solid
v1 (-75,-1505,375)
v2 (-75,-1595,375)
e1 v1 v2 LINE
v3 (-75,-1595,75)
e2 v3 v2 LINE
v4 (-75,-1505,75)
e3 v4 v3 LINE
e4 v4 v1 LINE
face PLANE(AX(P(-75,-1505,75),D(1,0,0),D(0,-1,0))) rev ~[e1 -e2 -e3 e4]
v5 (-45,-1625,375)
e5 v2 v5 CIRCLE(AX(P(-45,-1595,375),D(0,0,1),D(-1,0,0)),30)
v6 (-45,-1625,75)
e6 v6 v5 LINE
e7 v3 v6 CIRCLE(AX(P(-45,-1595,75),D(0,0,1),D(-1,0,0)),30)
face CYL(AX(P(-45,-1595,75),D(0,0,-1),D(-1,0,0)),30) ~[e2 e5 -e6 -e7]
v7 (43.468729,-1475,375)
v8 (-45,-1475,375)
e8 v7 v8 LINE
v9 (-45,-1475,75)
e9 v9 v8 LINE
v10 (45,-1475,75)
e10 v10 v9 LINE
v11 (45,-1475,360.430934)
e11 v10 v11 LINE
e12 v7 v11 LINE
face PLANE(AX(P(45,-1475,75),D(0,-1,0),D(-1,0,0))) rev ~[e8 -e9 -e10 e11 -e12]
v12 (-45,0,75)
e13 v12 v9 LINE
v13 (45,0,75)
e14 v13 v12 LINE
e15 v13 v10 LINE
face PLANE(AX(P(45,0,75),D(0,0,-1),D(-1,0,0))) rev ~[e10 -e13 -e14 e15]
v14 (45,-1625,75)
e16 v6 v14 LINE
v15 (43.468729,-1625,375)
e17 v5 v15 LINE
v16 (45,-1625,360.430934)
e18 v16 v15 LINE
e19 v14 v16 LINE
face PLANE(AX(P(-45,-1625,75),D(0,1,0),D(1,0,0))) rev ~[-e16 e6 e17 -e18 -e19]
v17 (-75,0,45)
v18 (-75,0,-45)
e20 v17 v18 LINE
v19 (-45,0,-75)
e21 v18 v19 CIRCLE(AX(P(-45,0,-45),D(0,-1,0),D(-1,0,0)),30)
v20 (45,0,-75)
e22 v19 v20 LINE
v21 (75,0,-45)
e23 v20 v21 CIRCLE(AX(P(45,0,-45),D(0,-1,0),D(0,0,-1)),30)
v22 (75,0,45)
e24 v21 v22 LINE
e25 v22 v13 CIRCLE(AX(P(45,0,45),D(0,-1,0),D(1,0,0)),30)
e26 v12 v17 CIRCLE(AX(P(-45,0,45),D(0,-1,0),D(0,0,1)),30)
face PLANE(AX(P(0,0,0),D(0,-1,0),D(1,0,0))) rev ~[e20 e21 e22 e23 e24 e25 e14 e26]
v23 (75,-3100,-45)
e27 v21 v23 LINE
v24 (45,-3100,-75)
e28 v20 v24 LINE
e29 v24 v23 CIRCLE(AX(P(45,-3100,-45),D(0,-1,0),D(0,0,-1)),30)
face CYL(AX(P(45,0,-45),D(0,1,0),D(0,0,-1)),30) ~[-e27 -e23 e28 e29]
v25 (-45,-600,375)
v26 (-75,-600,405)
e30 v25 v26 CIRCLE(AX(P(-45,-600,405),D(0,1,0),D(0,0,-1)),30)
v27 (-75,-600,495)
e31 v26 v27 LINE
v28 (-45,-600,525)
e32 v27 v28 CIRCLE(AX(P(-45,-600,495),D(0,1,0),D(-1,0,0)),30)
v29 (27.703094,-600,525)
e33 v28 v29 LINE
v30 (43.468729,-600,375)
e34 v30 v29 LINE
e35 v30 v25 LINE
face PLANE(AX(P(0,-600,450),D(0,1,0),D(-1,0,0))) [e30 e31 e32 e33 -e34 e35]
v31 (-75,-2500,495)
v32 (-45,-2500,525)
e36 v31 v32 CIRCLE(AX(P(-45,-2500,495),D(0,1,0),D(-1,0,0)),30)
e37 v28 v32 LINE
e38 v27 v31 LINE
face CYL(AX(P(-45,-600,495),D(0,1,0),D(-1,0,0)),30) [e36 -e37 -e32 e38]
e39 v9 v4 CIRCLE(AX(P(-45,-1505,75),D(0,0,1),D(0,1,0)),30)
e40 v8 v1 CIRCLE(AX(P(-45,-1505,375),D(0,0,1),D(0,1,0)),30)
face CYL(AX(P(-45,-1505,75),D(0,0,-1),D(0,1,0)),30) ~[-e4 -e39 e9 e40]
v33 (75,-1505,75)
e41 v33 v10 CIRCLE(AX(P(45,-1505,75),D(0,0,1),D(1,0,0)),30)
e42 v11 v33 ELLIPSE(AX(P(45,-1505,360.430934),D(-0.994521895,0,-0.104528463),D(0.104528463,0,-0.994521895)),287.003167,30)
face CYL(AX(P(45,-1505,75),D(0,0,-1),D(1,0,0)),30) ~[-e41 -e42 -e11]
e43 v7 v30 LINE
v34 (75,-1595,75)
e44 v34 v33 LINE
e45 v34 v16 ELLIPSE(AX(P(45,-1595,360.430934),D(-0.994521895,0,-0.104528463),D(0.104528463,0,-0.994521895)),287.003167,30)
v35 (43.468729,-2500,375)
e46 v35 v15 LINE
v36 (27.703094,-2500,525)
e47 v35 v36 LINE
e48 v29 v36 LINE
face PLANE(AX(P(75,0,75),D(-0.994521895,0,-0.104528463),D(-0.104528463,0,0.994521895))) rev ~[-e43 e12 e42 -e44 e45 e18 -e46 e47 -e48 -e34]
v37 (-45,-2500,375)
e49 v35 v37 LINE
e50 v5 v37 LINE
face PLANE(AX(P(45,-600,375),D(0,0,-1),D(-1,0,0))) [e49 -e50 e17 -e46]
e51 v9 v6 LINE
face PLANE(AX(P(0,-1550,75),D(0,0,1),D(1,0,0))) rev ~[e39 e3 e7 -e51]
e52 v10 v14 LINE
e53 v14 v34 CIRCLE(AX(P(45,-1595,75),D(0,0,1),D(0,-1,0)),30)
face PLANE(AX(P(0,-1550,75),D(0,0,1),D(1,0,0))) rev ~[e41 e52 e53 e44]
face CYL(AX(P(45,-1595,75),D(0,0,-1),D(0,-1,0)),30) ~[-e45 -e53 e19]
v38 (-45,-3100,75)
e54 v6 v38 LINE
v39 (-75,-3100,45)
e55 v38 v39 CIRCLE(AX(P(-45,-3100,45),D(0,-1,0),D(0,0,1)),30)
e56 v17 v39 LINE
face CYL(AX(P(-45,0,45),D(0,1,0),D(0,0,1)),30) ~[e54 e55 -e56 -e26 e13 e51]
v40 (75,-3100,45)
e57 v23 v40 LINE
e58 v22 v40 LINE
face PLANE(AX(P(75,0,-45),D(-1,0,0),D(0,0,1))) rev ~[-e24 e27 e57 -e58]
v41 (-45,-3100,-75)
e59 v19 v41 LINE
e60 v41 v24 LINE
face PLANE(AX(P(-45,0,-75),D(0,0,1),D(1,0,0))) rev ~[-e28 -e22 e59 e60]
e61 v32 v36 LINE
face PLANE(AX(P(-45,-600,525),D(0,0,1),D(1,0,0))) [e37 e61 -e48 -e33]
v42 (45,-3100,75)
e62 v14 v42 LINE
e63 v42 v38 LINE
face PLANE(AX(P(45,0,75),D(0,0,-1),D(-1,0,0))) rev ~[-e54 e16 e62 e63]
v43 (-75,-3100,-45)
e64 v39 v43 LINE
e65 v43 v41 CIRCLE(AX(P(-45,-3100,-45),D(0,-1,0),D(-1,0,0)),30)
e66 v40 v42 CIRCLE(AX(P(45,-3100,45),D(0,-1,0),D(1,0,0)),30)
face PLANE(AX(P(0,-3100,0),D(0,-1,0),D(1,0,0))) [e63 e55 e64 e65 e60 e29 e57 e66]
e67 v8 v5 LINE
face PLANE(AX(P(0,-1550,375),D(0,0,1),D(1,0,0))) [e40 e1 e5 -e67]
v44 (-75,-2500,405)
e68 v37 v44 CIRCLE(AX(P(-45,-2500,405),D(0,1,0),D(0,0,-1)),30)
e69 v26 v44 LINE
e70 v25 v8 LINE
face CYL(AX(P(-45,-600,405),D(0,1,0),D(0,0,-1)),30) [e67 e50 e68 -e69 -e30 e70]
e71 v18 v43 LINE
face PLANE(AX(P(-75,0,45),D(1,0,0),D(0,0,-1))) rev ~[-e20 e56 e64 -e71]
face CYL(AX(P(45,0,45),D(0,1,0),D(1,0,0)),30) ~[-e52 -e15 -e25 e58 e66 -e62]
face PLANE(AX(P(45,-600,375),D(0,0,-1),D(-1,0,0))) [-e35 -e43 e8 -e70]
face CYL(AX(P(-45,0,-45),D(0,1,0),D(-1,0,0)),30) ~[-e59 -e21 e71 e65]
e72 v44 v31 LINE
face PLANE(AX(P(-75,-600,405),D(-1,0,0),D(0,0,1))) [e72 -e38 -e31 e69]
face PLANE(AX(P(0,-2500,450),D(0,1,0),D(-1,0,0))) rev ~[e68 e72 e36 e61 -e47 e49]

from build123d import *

# Parameters (mm, degrees)
F1_DEPTH = 3100
F3_START = -600
F3_DEPTH = 1900
F5_DEPTH = 300
F7_DEPTH = 3500


with BuildPart() as f1:
    # F0 (on Front) → F1 (new body)
    with BuildSketch(Plane.XZ):
        with BuildLine():
            ThreePointArc((75, 45), (66.2132034356, 66.2132034356), (45, 75))
            Line((45, 75), (-45, 75))
            ThreePointArc((-45, 75), (-66.2132034356, 66.2132034356), (-75, 45))
            Line((-75, 45), (-75, -45))
            ThreePointArc((-75, -45), (-66.2132034356, -66.2132034356), (-45, -75))
            Line((-45, -75), (45, -75))
            ThreePointArc((45, -75), (66.2132034356, -66.2132034356), (75, -45))
            Line((75, -45), (75, 45))
        make_face()
    extrude(amount=F1_DEPTH)



with BuildPart() as f3:
    # F2 (on face) → F3 (new body)
    with BuildSketch(Plane(origin=(0, 0, 0), x_dir=(-1, 0, 0), z_dir=(0, 1, 0)).offset(F3_START)):
        with BuildLine():
            ThreePointArc((75, 495), (66.2132034356, 516.2132034356), (45, 525))
            Line((45, 525), (-45, 525))
            ThreePointArc((-45, 525), (-66.2132034356, 516.2132034356), (-75, 495))
            Line((-75, 495), (-75, 405))
            ThreePointArc((-75, 405), (-66.2132034356, 383.7867965644), (-45, 375))
            Line((-45, 375), (45, 375))
            ThreePointArc((45, 375), (66.2132034356, 383.7867965644), (75, 405))
            Line((75, 405), (75, 495))
        make_face()
    extrude(amount=-F3_DEPTH)


with BuildPart() as f1_1:
    add(f1.part)

    add(f3.part)  # F5 merges F3
    # F4 (on face) → F5 (join, through all)
    with BuildSketch(Plane.XY.offset(75)):
        with BuildLine():
            ThreePointArc((-75, -1595), (-66.2132034356, -1616.2132034356), (-45, -1625))
            Line((-45, -1625), (45, -1625))
            ThreePointArc((45, -1625), (66.2132034356, -1616.2132034356), (75, -1595))
            Line((75, -1595), (75, -1505))
            ThreePointArc((75, -1505), (66.2132034356, -1483.7867965644), (45, -1475))
            Line((45, -1475), (-45, -1475))
            ThreePointArc((-45, -1475), (-66.2132034356, -1483.7867965644), (-75, -1505))
            Line((-75, -1505), (-75, -1595))
        make_face()
    extrude(amount=F5_DEPTH)

    # F6 (on face) → F7 (cut)
    with BuildSketch(Plane(origin=(0, 0, 0), x_dir=(-1, 0, 0), z_dir=(0, 1, 0))):
        Polygon((-75, 75), (-27.7030941304, 525), (-204.0130716196, 525), (-204.0130716196, 75), align=None)
    extrude(amount=-F7_DEPTH, mode=Mode.SUBTRACT)


solid = f1_1.part
